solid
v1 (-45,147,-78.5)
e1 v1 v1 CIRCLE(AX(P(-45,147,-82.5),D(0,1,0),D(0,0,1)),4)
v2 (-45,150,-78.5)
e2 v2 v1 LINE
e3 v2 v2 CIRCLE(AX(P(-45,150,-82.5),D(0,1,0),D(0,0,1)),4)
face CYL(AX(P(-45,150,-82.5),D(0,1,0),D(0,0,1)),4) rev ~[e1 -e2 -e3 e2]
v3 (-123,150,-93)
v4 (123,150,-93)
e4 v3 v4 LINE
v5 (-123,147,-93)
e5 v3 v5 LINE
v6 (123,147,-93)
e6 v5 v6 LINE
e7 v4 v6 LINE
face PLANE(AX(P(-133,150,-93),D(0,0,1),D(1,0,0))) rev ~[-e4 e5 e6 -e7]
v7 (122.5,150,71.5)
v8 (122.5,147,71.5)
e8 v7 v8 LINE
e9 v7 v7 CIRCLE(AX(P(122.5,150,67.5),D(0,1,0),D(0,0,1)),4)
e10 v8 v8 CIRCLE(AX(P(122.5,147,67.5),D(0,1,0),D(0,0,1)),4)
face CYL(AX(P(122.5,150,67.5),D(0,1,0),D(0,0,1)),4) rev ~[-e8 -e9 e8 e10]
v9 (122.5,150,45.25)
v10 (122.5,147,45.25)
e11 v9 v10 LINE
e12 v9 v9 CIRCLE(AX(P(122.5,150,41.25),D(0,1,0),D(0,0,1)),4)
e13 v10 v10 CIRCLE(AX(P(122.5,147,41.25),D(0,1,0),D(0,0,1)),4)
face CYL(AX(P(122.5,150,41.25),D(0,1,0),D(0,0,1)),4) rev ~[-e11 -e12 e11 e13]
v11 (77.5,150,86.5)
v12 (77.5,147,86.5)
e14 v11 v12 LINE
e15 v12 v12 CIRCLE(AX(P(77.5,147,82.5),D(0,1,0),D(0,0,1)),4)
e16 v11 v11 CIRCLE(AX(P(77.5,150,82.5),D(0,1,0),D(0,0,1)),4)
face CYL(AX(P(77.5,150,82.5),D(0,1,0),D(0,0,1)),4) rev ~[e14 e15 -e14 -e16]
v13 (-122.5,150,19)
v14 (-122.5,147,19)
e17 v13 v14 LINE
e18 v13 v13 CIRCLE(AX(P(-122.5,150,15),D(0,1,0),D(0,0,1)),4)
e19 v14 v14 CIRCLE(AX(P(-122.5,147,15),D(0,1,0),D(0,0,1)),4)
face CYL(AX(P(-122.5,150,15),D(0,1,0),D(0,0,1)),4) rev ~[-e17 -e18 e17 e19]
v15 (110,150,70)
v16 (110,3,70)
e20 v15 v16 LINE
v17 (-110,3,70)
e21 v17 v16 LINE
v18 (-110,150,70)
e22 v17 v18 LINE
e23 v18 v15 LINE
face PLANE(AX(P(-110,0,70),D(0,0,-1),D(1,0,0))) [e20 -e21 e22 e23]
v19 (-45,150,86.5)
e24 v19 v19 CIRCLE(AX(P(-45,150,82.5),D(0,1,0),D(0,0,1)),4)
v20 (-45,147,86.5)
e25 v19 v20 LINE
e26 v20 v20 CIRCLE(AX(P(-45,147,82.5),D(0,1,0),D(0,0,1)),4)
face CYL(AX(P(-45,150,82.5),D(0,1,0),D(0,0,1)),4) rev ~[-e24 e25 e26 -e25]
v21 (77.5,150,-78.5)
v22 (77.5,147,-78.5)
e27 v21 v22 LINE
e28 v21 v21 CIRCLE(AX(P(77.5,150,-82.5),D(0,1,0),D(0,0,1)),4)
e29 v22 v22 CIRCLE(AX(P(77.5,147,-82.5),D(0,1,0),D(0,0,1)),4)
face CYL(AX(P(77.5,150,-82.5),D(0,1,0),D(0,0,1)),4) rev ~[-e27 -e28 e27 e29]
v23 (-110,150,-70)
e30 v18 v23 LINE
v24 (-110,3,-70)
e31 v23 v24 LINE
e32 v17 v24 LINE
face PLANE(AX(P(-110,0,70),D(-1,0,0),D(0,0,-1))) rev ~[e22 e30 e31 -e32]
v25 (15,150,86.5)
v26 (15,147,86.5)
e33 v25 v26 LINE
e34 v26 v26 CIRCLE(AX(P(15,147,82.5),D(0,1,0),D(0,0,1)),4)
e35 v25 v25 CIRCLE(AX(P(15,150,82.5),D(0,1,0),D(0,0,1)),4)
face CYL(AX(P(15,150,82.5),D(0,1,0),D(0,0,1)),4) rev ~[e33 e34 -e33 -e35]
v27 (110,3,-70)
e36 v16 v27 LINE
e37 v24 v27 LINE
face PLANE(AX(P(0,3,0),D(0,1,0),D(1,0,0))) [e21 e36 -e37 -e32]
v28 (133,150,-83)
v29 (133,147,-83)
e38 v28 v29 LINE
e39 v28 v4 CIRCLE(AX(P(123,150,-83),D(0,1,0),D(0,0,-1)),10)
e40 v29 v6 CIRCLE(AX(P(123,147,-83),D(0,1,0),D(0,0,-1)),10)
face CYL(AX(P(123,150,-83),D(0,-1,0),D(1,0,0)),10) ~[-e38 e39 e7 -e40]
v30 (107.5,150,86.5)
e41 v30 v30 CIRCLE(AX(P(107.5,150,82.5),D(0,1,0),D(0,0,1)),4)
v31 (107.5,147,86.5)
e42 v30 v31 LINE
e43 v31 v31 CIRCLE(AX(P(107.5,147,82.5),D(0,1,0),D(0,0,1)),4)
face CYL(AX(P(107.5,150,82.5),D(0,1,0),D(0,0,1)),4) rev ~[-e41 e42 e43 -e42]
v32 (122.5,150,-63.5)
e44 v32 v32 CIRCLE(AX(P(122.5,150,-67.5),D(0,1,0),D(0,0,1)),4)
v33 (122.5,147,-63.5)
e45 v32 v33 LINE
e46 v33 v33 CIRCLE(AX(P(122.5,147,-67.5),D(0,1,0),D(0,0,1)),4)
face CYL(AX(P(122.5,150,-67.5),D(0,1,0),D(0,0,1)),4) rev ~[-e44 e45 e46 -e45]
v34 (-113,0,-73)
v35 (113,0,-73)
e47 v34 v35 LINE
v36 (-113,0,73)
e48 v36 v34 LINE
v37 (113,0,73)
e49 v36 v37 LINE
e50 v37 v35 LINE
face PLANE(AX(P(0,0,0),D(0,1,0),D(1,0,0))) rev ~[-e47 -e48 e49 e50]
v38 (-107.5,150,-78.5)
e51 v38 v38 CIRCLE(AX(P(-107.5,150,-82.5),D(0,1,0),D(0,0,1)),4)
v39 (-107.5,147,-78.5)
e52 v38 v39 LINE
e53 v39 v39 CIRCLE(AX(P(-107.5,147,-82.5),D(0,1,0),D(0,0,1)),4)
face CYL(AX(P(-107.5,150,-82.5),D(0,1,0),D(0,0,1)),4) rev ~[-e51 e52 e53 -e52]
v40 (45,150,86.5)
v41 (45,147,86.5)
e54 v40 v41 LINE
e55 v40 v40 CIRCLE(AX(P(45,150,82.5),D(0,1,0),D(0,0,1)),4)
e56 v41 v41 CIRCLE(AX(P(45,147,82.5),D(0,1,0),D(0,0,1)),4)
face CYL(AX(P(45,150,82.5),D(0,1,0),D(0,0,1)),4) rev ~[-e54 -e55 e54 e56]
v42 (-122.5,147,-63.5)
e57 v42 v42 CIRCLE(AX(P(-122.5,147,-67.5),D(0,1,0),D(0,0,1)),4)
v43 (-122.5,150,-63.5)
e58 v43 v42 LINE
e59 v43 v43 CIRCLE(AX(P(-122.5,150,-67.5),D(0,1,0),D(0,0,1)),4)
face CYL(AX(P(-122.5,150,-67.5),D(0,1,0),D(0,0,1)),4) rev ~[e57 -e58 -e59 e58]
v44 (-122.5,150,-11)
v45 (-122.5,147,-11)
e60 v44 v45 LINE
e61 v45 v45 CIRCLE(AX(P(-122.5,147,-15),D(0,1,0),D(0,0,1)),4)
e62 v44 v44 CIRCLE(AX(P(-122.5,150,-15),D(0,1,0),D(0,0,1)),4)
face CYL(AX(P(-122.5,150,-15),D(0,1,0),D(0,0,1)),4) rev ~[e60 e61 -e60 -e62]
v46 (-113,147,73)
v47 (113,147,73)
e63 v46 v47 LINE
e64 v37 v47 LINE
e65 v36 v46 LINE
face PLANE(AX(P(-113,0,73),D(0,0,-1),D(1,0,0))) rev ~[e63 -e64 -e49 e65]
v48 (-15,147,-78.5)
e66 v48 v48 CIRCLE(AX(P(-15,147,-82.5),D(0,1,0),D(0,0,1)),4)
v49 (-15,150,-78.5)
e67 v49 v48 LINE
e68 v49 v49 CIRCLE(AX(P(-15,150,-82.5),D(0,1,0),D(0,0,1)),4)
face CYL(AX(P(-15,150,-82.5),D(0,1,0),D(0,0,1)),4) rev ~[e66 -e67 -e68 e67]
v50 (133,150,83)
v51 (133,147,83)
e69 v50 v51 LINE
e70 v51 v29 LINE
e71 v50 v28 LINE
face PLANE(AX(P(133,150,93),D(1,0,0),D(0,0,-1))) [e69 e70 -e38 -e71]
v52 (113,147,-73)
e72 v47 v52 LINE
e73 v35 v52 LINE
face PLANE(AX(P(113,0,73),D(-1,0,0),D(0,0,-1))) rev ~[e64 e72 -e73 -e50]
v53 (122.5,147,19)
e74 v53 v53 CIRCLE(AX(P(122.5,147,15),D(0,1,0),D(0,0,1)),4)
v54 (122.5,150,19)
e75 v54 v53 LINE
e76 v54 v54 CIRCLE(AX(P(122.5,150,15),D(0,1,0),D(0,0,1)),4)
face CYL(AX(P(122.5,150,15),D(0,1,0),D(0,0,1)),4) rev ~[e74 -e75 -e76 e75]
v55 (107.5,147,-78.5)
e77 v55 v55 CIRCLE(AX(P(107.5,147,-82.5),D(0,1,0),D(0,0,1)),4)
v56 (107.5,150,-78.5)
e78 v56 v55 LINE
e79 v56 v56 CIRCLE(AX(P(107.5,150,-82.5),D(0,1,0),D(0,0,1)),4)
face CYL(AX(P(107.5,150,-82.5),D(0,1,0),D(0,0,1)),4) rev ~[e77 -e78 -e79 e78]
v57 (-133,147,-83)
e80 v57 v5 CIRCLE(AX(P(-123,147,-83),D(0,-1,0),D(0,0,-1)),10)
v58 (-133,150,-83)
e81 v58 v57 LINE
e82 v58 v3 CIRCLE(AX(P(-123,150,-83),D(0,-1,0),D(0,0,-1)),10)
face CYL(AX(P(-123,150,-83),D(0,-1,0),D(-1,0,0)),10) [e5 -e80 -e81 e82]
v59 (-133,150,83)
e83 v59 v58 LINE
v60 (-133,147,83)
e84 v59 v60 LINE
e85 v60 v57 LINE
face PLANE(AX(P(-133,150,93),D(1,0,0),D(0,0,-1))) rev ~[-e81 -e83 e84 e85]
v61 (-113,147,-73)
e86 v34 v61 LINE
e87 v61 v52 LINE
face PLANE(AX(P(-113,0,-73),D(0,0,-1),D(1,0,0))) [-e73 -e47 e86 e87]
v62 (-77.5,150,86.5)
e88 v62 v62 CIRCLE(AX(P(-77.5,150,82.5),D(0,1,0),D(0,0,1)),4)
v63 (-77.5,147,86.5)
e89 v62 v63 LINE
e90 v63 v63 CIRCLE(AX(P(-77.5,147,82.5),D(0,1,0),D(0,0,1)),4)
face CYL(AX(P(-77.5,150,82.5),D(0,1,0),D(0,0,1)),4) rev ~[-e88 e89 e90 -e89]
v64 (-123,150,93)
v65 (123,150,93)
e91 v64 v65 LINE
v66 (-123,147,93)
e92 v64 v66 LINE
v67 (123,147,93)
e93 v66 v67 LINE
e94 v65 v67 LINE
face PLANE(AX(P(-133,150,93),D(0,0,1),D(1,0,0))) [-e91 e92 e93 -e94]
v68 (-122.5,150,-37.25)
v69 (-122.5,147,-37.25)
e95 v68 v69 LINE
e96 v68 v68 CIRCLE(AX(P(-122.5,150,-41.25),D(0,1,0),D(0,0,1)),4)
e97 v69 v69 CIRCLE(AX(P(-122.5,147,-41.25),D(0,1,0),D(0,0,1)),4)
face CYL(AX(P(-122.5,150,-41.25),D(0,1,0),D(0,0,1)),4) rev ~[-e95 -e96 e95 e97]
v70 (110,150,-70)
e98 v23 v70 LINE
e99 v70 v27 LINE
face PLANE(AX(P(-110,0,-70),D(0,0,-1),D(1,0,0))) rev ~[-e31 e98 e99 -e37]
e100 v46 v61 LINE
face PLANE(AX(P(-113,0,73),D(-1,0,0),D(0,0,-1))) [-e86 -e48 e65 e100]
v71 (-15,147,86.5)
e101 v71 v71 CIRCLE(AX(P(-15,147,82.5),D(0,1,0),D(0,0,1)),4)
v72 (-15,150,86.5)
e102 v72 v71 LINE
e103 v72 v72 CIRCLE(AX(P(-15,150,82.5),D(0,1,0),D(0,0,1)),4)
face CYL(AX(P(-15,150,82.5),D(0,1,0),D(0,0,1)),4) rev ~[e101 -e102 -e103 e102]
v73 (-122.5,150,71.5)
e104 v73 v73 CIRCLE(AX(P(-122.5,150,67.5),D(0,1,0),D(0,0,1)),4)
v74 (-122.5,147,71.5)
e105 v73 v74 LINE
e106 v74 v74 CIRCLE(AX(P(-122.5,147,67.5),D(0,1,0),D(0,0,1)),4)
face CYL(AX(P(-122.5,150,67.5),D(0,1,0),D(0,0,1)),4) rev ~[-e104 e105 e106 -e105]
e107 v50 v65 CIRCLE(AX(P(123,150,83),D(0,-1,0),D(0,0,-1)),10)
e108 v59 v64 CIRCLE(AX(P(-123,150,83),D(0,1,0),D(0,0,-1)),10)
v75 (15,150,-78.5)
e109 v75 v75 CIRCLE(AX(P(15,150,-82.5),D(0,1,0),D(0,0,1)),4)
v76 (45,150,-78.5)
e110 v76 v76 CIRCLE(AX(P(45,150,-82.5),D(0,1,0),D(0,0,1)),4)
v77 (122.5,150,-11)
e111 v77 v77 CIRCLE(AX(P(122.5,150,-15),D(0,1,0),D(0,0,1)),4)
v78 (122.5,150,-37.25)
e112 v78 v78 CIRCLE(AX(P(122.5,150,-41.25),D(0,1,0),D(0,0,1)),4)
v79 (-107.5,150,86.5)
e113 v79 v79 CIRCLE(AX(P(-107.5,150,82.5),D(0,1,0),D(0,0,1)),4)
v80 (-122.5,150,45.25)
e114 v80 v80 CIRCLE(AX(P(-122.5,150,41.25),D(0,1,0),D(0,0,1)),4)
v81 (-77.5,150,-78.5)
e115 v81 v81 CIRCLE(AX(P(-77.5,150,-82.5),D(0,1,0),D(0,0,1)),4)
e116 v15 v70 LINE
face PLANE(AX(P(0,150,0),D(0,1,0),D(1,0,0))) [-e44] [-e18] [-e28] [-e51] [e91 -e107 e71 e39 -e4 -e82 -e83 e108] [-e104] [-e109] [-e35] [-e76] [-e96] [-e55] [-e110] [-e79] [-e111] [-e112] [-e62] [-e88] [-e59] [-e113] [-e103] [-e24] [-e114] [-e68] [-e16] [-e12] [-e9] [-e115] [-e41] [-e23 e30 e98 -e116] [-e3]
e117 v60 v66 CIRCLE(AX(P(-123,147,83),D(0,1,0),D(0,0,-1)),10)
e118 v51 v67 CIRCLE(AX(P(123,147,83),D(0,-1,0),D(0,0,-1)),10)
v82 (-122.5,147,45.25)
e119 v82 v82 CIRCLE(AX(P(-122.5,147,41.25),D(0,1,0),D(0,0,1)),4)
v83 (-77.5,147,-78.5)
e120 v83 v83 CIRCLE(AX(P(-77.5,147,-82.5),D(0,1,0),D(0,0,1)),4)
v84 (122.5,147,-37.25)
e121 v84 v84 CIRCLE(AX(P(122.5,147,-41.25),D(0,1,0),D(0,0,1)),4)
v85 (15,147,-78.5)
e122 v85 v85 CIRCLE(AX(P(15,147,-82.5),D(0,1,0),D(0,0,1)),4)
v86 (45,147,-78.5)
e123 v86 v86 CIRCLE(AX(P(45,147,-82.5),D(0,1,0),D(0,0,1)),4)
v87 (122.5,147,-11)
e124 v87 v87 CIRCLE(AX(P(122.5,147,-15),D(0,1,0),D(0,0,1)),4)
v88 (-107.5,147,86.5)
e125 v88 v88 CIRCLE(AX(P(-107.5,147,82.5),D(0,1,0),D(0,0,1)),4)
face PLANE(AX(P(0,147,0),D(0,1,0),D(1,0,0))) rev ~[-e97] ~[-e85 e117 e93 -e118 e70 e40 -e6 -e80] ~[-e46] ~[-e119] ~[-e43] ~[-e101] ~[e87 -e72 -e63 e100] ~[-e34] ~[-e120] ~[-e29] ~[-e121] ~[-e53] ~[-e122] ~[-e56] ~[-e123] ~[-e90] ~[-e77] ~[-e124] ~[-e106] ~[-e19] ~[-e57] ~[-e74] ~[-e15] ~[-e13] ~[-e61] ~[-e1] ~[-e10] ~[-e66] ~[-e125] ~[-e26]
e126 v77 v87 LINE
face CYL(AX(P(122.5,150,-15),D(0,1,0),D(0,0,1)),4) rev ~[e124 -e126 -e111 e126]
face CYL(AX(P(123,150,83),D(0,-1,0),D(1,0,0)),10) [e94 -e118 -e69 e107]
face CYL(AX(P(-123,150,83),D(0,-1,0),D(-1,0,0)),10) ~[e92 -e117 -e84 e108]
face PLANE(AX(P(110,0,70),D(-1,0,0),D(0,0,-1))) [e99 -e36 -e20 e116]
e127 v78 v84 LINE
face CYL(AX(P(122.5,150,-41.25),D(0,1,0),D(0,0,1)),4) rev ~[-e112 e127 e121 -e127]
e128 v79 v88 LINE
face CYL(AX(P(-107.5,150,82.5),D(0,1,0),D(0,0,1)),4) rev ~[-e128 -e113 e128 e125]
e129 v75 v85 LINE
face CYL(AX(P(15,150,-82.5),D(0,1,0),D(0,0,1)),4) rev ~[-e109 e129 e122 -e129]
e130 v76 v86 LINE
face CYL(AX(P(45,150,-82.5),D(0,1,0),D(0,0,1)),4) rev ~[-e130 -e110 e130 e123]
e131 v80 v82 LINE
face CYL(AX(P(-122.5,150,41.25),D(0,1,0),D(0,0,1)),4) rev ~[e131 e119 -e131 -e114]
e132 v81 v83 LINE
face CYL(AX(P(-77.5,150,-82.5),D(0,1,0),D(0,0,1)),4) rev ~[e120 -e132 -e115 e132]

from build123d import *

# Parameters (mm, degrees)
SKETCH1_W           = 226
SKETCH1_H           = 146
SKETCH1_W_2         = 220
SKETCH1_H_2         = 140
BOSS_EXTRUDE1_DEPTH = 150
SKETCH1_4_W         = 220
SKETCH1_4_H         = 140
BOSS_EXTRUDE2_DEPTH = 3
SKETCH2_W           = 266
SKETCH2_H           = 186
SKETCH2_W_2         = 220
SKETCH2_H_2         = 140
BOSS_EXTRUDE3_DEPTH = 3
FILLET1_R           = 10
SKETCH3_R           = 4
CUT_EXTRUDE1_DEPTH  = 221.993212565


with BuildPart() as part:
    # Sketch1 → Boss-Extrude1 (new body)
    with BuildSketch(Plane(origin=(0, 0, 0), x_dir=(1, 0, 0), z_dir=(0, 1, 0))):
        Rectangle(SKETCH1_W, SKETCH1_H)
        Rectangle(SKETCH1_W_2, SKETCH1_H_2, mode=Mode.SUBTRACT)
    extrude(amount=BOSS_EXTRUDE1_DEPTH)

    # Sketch1<4> → Boss-Extrude2 (add)
    with BuildSketch(Plane(origin=(0, 0, 0), x_dir=(1, 0, 0), z_dir=(0, 1, 0))):
        Rectangle(SKETCH1_4_W, SKETCH1_4_H)
    extrude(amount=BOSS_EXTRUDE2_DEPTH)

    # Sketch2 → Boss-Extrude3 (add)
    with BuildSketch(Plane(origin=(0, 150, 0), x_dir=(1, 0, 0), z_dir=(0, 1, 0))):
        Rectangle(SKETCH2_W, SKETCH2_H)
        Rectangle(SKETCH2_W_2, SKETCH2_H_2, mode=Mode.SUBTRACT)
    extrude(amount=-BOSS_EXTRUDE3_DEPTH)

    # Fillet1
    fillet1_edges = [part.edges().sort_by_distance(p)[0] for p in [
        (133, 148.5, -93),
        (-133, 148.5, -93),
        (133, 148.5, 93),
        (-133, 148.5, 93),
    ]]
    fillet(fillet1_edges, radius=FILLET1_R)

    # Sketch3 → Cut-Extrude1 (cut, through all)
    with BuildSketch(Plane(origin=(0, 150, 0), x_dir=(1, 0, 0), z_dir=(0, 1, 0))):
        with Locations((-122.5, -15)):
            Circle(SKETCH3_R)
        with Locations((-122.5, -41.25)):
            Circle(SKETCH3_R)
        with Locations((-122.5, -67.5)):
            Circle(SKETCH3_R)
        with Locations((-107.5, -82.5)):
            Circle(SKETCH3_R)
        with Locations((-77.5, -82.5)):
            Circle(SKETCH3_R)
        with Locations((-45, -82.5)):
            Circle(SKETCH3_R)
        with Locations((-15, -82.5)):
            Circle(SKETCH3_R)
        with Locations((-45, 82.5)):
            Circle(SKETCH3_R)
        with Locations((-15, 82.5)):
            Circle(SKETCH3_R)
        with Locations((-77.5, 82.5)):
            Circle(SKETCH3_R)
        with Locations((-107.5, 82.5)):
            Circle(SKETCH3_R)
        with Locations((-122.5, 67.5)):
            Circle(SKETCH3_R)
        with Locations((-122.5, 41.25)):
            Circle(SKETCH3_R)
        with Locations((-122.5, 15)):
            Circle(SKETCH3_R)
        with Locations((15, -82.5)):
            Circle(SKETCH3_R)
        with Locations((45, -82.5)):
            Circle(SKETCH3_R)
        with Locations((107.5, -82.5)):
            Circle(SKETCH3_R)
        with Locations((122.5, -67.5)):
            Circle(SKETCH3_R)
        with Locations((122.5, -41.25)):
            Circle(SKETCH3_R)
        with Locations((122.5, -15)):
            Circle(SKETCH3_R)
        with Locations((122.5, 15)):
            Circle(SKETCH3_R)
        with Locations((122.5, 41.25)):
            Circle(SKETCH3_R)
        with Locations((122.5, 67.5)):
            Circle(SKETCH3_R)
        with Locations((107.5, 82.5)):
            Circle(SKETCH3_R)
        with Locations((77.5, 82.5)):
            Circle(SKETCH3_R)
        with Locations((45, 82.5)):
            Circle(SKETCH3_R)
        with Locations((15, 82.5)):
            Circle(SKETCH3_R)
        with Locations((77.5, -82.5)):
            Circle(SKETCH3_R)
    extrude(amount=-CUT_EXTRUDE1_DEPTH, mode=Mode.SUBTRACT)


solid = part.part
